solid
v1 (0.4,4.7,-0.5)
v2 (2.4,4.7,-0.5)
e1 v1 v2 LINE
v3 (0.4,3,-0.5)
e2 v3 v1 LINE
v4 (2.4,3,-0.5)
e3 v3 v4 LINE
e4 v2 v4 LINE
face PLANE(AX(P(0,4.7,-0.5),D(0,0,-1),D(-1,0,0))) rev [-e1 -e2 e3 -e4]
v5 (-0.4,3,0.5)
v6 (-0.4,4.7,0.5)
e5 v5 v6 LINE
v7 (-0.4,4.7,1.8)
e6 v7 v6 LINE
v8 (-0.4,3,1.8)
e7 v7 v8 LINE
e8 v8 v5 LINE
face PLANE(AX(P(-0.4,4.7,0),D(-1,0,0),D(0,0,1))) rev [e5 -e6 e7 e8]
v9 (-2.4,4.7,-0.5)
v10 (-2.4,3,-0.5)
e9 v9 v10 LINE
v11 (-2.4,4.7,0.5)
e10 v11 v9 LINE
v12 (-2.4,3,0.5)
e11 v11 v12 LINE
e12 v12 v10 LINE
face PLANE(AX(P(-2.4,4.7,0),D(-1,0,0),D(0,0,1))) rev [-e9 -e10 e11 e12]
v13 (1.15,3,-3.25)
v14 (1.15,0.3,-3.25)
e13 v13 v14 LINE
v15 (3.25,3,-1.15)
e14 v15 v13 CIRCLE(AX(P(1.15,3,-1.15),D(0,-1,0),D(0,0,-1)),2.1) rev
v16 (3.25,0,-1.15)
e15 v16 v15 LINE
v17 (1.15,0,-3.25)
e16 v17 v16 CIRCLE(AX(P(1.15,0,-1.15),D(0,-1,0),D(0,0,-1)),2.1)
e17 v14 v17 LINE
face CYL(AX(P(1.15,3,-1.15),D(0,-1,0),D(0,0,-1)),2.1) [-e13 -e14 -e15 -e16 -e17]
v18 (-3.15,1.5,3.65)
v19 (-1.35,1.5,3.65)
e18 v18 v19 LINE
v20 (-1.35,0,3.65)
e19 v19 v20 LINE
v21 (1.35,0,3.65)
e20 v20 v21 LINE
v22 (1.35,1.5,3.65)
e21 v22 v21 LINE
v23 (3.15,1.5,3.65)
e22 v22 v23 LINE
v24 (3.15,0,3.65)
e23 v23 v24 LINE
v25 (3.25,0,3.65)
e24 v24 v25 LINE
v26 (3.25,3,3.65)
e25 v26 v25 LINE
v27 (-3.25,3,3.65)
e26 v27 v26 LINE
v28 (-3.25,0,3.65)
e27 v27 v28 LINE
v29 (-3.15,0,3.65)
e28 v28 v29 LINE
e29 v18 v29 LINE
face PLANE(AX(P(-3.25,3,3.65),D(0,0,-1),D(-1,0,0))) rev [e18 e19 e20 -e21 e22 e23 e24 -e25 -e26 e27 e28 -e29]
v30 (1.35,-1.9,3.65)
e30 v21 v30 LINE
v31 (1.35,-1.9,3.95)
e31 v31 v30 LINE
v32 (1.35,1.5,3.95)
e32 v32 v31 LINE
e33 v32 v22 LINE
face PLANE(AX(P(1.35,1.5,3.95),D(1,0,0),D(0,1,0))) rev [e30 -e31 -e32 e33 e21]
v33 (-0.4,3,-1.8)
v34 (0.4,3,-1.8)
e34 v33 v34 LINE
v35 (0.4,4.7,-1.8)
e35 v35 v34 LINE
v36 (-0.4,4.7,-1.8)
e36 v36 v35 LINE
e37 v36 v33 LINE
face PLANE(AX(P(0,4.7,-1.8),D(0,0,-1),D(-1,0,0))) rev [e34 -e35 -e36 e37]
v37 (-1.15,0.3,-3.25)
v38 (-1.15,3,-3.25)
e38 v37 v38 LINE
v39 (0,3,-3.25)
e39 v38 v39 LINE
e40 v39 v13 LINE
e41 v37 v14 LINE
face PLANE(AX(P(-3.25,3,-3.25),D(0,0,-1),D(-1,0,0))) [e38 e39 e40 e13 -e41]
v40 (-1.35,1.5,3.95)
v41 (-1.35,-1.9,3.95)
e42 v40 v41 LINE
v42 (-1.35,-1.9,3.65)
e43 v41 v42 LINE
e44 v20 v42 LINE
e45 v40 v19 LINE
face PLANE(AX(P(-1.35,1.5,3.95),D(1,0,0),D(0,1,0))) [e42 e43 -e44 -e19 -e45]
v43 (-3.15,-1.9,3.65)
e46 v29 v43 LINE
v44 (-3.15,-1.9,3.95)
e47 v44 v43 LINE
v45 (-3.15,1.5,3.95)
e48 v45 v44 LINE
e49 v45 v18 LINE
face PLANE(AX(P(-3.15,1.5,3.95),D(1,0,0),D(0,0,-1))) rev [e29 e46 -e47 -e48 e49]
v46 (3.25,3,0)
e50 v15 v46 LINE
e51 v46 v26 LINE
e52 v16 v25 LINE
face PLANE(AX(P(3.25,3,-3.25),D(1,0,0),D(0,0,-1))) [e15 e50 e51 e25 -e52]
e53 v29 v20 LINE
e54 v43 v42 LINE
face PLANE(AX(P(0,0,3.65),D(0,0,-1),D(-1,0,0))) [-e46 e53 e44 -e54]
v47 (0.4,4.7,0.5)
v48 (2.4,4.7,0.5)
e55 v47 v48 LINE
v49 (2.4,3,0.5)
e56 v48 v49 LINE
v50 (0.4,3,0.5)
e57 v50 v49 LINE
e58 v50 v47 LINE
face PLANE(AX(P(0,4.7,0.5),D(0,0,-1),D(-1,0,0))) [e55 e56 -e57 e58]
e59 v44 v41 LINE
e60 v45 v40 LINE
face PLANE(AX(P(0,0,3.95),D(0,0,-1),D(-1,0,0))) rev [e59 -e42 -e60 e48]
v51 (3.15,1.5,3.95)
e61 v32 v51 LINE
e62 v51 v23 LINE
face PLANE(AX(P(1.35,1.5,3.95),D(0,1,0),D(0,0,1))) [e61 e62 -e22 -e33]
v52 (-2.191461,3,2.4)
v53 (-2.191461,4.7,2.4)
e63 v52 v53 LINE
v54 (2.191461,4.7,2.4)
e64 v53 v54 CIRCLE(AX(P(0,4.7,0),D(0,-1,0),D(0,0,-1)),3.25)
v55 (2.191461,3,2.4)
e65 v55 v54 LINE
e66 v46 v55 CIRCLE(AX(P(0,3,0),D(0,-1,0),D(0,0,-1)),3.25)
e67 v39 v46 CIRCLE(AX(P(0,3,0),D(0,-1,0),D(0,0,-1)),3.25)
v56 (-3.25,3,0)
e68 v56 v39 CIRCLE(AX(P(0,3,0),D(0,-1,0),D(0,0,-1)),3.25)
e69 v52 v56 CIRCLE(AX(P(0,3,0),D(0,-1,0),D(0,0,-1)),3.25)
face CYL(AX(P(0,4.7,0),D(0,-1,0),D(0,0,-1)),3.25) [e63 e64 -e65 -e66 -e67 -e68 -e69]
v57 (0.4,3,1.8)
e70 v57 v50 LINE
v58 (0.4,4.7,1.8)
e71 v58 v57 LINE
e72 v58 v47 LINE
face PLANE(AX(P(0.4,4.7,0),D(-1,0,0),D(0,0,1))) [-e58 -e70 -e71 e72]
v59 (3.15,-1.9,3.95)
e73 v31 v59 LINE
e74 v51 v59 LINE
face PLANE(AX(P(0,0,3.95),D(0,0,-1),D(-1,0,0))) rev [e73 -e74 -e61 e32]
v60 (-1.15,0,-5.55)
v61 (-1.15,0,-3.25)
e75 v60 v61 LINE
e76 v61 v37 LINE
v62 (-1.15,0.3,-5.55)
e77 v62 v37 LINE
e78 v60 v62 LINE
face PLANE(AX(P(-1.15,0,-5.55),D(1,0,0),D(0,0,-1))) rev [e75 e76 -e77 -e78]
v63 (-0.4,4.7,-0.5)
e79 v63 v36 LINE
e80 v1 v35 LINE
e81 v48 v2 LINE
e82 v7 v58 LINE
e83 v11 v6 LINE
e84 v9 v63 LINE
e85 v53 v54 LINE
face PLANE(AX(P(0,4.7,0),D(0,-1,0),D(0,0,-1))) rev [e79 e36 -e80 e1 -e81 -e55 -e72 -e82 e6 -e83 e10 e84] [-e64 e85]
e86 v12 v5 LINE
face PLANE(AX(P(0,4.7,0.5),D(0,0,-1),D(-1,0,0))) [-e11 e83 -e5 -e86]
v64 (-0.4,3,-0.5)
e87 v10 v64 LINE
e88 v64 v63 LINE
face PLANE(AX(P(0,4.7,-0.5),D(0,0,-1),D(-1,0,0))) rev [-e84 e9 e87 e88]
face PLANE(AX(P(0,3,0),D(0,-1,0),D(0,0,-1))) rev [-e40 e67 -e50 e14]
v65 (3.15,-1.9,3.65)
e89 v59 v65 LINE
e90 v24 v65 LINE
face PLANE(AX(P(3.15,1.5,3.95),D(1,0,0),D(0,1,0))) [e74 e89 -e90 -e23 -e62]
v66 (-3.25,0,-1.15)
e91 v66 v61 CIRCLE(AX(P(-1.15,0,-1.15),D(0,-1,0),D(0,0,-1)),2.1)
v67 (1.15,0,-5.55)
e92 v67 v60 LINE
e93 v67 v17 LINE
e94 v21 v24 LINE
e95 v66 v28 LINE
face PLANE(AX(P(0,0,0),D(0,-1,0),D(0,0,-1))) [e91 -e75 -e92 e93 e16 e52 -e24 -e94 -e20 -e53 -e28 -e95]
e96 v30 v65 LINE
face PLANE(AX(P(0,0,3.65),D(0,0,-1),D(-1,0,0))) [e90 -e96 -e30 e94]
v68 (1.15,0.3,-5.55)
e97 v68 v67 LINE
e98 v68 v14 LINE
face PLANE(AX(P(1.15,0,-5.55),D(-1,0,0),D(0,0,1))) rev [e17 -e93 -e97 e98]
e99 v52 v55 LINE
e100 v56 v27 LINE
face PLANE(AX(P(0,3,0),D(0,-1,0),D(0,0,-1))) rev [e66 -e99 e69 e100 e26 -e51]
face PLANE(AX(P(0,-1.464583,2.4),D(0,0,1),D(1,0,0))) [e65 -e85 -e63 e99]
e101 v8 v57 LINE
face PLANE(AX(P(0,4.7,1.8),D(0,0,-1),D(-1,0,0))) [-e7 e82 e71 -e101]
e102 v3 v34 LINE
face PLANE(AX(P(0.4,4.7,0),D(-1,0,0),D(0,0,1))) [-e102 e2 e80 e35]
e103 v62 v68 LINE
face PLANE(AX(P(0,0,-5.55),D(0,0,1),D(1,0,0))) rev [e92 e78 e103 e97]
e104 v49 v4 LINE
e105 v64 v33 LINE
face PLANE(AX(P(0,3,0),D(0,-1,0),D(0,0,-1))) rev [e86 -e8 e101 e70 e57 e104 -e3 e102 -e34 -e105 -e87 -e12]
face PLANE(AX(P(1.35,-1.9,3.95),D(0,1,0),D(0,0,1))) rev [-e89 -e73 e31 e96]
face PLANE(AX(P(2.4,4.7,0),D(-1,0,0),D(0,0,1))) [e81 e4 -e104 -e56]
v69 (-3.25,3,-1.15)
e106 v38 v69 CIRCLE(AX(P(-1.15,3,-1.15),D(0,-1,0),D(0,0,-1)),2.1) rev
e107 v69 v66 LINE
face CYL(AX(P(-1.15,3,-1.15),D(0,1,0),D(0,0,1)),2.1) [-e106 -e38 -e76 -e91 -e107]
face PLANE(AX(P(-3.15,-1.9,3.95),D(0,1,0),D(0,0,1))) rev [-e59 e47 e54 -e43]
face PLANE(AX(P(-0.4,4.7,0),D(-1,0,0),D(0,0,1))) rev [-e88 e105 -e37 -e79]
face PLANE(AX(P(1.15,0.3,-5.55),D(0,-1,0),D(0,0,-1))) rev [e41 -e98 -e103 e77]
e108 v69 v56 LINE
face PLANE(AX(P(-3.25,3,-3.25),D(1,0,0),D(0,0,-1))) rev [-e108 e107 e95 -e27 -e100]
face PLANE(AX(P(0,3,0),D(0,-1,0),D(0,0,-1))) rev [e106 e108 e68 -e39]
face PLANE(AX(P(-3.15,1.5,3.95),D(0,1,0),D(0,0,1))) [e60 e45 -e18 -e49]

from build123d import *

# Parameters (mm, degrees)
SKETCH_1_W          = 6.5
SKETCH_1_H          = 6.9
EXTRUDE_1_DEPTH     = 3
EXTRUDE_START       = 3
SKETCH_1_3_R        = 3.25
EXTRUDE_2_DEPTH     = 1.7
CUT_EXTRUDE_START   = 3
CUT_EXTRUDE_1_DEPTH = 1.7
FILLET_1_R          = 2.1
SKETCH_2_W          = 1.8
SKETCH_2_H          = 3.4
EXTRUDE_3_DEPTH     = 0.3
SKETCH_3_W          = 2.3
SKETCH_3_H          = 0.3
EXTRUDE_4_DEPTH     = 2.3


with BuildPart() as part:
    # 草图1 → 凸台-拉伸1 (new body)
    with BuildSketch(Plane(origin=(0, 0, 0), x_dir=(1, 0, 0), z_dir=(0, 1, 0))):
        with Locations((0, -0.2)):
            Rectangle(SKETCH_1_W, SKETCH_1_H)
    extrude(amount=EXTRUDE_1_DEPTH)

    # 草图1<3> → 凸台-拉伸2 (add)
    with BuildSketch(Plane(origin=(0, 0, 0), x_dir=(1, 0, 0), z_dir=(0, 1, 0)).offset(EXTRUDE_START)):
        with Locations(Location((0, 0, 0), (0, 0, 90))):
            Circle(SKETCH_1_3_R)
        Polygon((-2.4, -0.5), (-2.4, 0.5), (-0.4, 0.5), (-0.4, 1.8), (0.4, 1.8), (0.4, 0.5), (2.4, 0.5), (2.4, -0.5), (0.4, -0.5), (0.4, -1.8), (-0.4, -1.8), (-0.4, -0.5), align=None, mode=Mode.SUBTRACT)
    extrude(amount=EXTRUDE_2_DEPTH)

    # 草图1<4> → 切除-拉伸1 (cut)
    with BuildSketch(Plane(origin=(0, 0, 0), x_dir=(1, 0, 0), z_dir=(0, 1, 0)).offset(CUT_EXTRUDE_START)):
        with BuildLine():
            Line((2.1914607, -2.4), (-2.1914607, -2.4))
            ThreePointArc((-2.1914607, -2.4), (0, -3.25), (2.1914607, -2.4))
        make_face()
    extrude(amount=CUT_EXTRUDE_1_DEPTH, mode=Mode.SUBTRACT)

    # 圆角1
    fillet_1_edges = [part.edges().sort_by_distance(p)[0] for p in [
        (-3.25, 1.5, -3.25),
        (3.25, 1.5, -3.25),
    ]]
    fillet(fillet_1_edges, radius=FILLET_1_R)

    # 草图2 → 凸台-拉伸3 (add)
    with BuildSketch(Plane.XY.offset(3.65)):
        with Locations((-2.25, -0.2)):
            Rectangle(SKETCH_2_W, SKETCH_2_H)
        with Locations((2.25, -0.2)):
            Rectangle(SKETCH_2_W, SKETCH_2_H)
    extrude(amount=EXTRUDE_3_DEPTH)

    # 草图3 → 凸台-拉伸4 (add)
    with BuildSketch(Plane(origin=(0, 0, -3.25), x_dir=(-1, 0, 0), z_dir=(0, 0, -1))):
        with Locations((0, 0.15)):
            Rectangle(SKETCH_3_W, SKETCH_3_H)
    extrude(amount=EXTRUDE_4_DEPTH)


solid = part.part
